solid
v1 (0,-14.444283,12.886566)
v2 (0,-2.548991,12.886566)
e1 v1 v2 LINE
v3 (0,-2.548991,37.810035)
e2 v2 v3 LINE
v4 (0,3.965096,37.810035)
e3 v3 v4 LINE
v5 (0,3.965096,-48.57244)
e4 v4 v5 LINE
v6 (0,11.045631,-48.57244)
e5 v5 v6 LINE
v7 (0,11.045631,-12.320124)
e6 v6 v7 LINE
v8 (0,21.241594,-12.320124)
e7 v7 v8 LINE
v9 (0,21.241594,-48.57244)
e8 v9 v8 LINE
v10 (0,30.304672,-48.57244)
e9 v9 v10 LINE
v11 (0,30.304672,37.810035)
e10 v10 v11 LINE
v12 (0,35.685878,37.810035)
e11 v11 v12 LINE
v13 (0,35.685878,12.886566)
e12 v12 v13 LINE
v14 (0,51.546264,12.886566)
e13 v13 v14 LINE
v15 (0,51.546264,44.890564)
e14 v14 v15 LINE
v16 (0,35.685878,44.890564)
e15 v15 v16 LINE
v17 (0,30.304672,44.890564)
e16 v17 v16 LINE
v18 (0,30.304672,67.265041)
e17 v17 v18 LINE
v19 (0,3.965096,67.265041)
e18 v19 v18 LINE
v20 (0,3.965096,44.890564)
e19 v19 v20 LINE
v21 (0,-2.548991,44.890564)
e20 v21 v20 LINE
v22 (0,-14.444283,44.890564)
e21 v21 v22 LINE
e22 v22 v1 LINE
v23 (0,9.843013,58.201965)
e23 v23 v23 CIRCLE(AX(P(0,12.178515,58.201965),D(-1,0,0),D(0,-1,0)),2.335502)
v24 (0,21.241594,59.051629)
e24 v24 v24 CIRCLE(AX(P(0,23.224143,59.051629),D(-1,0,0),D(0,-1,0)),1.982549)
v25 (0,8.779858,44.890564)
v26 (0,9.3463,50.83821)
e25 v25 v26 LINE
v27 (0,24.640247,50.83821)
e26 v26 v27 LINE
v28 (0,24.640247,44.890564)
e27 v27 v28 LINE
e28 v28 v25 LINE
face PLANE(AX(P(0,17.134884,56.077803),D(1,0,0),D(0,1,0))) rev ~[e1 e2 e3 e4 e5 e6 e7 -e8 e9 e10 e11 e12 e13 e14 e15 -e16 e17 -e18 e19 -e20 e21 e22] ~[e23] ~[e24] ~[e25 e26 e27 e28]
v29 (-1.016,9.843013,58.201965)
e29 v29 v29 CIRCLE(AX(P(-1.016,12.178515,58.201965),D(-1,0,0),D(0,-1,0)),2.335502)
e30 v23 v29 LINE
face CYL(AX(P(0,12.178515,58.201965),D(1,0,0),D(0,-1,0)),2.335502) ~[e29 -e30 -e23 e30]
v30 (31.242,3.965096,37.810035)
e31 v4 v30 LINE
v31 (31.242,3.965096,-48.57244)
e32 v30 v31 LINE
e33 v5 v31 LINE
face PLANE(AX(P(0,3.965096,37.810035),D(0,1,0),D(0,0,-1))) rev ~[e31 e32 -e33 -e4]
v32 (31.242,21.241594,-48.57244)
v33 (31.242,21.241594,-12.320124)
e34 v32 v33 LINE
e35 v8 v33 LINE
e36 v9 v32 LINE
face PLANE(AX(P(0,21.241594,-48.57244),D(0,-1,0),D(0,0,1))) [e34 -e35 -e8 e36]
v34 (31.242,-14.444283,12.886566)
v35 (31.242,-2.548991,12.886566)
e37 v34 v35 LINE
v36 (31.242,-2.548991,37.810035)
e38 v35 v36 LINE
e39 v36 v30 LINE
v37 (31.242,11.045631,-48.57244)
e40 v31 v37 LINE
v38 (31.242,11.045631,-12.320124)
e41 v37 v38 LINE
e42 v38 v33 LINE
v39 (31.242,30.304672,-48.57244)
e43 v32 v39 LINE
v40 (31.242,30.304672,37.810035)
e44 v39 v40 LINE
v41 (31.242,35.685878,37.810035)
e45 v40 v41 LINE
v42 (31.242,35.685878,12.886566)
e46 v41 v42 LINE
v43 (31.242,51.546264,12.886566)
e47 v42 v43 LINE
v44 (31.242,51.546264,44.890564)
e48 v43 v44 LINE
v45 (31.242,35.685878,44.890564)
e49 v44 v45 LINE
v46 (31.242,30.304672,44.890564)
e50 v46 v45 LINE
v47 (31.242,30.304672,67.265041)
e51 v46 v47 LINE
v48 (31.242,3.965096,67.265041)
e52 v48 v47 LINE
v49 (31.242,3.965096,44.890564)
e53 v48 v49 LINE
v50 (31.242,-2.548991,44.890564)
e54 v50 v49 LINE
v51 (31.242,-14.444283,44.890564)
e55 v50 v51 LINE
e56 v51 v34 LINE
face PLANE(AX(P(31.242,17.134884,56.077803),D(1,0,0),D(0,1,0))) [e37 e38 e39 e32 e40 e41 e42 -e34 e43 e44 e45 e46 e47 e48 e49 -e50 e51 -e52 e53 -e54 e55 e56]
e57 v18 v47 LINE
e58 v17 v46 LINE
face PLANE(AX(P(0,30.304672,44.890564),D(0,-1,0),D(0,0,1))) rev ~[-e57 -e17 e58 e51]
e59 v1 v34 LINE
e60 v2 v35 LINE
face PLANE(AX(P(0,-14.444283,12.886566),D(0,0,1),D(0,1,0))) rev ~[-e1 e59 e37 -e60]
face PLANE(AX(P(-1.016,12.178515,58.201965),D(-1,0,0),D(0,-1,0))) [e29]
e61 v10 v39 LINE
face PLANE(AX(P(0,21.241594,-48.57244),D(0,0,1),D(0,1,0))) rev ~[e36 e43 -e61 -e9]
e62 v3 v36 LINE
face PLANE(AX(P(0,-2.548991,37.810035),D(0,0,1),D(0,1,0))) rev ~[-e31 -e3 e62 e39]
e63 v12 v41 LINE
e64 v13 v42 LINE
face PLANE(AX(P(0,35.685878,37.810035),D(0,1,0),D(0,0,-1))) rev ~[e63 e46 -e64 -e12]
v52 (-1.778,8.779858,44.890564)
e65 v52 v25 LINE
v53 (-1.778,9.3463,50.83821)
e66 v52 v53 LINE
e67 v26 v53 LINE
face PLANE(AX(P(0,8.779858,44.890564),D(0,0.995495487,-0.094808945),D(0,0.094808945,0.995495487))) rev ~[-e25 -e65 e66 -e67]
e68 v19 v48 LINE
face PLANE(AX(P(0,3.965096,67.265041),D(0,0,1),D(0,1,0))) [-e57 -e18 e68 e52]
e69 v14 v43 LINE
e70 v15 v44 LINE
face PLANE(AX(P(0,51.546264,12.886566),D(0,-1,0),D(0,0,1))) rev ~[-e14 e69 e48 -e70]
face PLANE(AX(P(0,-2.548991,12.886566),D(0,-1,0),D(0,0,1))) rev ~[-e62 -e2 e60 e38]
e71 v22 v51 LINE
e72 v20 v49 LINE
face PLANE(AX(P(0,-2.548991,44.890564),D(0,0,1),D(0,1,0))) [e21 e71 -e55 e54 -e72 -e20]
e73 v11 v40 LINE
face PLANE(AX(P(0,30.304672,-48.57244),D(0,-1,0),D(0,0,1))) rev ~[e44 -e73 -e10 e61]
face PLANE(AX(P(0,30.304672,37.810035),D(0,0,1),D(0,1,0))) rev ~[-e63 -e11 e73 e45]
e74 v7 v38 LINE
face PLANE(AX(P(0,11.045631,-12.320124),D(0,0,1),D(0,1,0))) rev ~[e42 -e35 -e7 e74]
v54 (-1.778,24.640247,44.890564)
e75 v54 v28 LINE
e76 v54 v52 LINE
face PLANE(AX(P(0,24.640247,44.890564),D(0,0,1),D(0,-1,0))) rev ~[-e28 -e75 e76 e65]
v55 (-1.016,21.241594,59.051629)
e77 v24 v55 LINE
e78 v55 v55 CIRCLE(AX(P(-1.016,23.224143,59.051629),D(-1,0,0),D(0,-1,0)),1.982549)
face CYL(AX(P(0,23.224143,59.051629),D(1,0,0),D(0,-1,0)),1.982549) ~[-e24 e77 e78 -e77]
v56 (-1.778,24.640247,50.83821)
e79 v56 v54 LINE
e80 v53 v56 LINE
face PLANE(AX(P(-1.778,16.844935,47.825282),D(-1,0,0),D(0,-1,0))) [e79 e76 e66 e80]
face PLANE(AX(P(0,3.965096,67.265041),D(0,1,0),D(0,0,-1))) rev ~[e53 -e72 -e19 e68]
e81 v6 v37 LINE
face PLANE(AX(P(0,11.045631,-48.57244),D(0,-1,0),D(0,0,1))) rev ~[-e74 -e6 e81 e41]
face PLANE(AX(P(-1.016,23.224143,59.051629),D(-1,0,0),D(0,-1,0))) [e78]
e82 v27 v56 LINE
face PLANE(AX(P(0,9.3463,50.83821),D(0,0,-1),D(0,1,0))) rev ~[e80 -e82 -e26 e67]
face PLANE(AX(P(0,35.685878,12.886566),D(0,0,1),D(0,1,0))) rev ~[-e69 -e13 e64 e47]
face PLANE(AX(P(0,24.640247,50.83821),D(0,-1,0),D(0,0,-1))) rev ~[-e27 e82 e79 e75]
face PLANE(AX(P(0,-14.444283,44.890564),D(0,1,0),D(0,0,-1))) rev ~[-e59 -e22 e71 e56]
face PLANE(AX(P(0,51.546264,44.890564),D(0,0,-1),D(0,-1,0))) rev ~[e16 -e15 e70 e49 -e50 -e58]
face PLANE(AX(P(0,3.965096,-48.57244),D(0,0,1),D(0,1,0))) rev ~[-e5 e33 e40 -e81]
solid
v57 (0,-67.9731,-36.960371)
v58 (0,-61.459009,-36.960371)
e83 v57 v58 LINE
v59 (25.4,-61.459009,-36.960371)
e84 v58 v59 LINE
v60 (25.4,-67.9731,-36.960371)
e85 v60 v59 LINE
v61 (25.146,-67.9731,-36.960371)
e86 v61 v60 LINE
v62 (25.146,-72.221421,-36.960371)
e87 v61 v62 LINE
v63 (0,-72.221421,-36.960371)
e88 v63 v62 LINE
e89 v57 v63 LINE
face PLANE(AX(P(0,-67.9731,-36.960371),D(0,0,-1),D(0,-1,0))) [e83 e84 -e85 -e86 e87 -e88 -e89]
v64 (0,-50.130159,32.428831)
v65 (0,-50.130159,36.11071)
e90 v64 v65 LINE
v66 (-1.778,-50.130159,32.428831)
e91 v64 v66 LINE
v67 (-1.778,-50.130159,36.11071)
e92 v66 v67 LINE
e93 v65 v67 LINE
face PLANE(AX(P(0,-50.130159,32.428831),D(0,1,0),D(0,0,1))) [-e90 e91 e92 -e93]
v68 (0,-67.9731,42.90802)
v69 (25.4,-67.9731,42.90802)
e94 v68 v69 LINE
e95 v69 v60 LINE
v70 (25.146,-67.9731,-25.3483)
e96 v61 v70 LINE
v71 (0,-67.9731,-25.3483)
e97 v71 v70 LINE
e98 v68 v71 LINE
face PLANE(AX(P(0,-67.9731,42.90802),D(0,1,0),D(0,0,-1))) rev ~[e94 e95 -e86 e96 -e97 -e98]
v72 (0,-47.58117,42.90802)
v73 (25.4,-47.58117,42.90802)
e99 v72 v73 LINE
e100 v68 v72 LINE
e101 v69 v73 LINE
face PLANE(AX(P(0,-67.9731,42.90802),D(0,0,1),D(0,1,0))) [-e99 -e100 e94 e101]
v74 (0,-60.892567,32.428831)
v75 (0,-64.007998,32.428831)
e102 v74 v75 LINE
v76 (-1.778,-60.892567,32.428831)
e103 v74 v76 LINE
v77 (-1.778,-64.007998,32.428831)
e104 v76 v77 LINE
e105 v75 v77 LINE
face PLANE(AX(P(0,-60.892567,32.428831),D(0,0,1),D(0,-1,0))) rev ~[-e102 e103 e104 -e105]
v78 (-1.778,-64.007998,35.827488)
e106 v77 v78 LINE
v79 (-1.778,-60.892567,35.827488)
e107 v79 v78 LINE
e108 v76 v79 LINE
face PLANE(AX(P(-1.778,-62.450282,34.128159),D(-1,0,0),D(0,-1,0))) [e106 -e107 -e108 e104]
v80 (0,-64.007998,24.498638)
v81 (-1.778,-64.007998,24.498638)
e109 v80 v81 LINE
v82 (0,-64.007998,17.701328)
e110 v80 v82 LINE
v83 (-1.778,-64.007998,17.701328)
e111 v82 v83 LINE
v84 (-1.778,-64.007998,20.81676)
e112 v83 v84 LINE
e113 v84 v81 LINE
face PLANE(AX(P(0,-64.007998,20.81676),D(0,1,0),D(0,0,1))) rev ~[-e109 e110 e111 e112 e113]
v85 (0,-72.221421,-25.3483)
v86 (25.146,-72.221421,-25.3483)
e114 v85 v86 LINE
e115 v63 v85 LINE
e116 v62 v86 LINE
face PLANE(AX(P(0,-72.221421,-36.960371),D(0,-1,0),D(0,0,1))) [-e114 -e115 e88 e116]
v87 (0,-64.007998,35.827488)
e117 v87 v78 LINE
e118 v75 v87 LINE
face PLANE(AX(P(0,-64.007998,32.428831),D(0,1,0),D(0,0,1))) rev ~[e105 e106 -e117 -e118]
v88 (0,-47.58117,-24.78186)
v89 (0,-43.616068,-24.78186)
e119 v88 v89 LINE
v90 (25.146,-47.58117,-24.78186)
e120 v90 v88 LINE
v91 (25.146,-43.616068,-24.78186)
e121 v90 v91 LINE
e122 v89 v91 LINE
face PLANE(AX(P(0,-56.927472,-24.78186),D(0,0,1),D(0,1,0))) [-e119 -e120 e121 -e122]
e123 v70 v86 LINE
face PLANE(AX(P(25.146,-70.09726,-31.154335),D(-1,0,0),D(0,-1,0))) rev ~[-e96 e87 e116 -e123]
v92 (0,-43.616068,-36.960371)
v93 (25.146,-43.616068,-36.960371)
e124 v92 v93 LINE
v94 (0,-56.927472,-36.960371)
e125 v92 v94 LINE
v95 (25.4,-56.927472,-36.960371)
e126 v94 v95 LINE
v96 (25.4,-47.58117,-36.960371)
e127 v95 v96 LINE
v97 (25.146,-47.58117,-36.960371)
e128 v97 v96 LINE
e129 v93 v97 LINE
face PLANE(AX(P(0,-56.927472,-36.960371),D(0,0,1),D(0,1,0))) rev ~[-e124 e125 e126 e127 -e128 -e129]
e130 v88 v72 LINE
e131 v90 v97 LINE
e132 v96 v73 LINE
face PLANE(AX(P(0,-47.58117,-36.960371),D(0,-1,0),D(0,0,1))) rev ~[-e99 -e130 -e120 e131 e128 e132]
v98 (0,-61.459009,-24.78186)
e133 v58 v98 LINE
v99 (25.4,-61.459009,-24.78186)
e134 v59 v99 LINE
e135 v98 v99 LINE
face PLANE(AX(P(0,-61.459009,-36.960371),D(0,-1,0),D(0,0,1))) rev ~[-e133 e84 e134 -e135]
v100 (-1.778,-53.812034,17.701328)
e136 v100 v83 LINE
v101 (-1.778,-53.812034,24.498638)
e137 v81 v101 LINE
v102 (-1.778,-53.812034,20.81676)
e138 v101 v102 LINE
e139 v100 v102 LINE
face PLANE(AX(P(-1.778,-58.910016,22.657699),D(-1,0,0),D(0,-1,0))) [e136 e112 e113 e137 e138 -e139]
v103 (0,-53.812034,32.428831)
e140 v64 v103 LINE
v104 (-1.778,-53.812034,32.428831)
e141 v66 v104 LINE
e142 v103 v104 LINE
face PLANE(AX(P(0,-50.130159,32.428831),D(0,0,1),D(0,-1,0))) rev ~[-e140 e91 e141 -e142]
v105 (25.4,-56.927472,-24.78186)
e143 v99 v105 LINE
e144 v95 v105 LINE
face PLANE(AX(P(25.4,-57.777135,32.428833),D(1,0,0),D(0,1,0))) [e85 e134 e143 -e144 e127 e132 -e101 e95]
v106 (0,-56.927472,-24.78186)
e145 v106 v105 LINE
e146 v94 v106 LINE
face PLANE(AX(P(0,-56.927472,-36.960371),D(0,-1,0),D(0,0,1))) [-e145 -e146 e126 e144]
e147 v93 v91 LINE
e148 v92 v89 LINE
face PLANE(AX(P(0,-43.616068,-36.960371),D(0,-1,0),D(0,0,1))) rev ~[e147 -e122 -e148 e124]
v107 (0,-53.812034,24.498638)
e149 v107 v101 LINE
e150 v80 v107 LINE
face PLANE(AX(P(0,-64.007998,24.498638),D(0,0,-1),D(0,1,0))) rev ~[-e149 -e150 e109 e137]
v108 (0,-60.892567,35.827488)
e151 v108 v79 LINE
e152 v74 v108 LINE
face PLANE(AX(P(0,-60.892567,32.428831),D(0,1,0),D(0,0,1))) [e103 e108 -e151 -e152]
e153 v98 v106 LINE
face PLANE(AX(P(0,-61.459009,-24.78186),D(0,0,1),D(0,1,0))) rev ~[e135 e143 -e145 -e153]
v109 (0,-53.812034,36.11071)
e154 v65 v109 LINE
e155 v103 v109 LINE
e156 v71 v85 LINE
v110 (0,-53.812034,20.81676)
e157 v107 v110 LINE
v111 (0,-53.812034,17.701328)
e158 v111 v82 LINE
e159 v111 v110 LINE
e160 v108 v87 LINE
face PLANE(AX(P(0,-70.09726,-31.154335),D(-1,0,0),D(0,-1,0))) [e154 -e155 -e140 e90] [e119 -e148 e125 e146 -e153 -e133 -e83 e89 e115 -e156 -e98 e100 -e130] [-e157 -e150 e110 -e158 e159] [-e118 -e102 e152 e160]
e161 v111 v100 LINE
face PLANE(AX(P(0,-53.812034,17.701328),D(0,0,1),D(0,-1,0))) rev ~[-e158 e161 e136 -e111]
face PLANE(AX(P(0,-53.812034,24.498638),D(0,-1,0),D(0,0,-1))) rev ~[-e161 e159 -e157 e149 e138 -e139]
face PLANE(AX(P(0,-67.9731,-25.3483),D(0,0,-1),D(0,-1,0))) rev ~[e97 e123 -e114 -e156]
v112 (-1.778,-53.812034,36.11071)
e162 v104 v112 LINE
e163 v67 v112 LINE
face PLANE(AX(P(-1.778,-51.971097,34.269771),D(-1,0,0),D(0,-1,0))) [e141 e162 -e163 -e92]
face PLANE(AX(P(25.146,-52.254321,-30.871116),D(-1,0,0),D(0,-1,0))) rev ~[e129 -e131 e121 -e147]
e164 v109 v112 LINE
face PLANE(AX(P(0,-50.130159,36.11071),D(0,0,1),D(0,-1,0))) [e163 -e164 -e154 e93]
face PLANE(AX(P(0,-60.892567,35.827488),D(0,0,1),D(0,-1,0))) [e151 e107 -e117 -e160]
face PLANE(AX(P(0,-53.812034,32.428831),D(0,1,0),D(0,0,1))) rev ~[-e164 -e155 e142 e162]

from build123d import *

# Parameters (mm, degrees)
F0_W      = 26.339576114
F0_H      = 22.3744772375
F0_W_2    = 5.3812060505
F0_H_2    = 7.0805288851
F0_W_3    = 6.5140875522
F0_W_4    = 9.0630780905
F0_H_3    = 36.2523160875
F0_W_5    = 7.0805349387
F1_DEPTH  = 31.242
F3_DEPTH  = 1.778
F2_R      = 1.9825492054
F2_R_2    = 2.3355022463
F4_DEPTH  = 1.016
F5_W      = 20.3919298947
F5_H      = 20.9583751857
F5_W_2    = 6.5140910447
F5_H_2    = 9.9127404392
F5_W_3    = 9.3463025987
F5_H_3    = 12.1785104275
F5_H_4    = 2.2657699883
F6_DEPTH  = 25.4
F7_W      = 4.2483210564
F7_H      = 11.6120707244
F7_W_2    = 9.3463025987
F7_H_2    = 12.1785104275
F7_W_3    = 3.9651021361
F8_DEPTH  = 25.146
F9_W      = 3.6818757653
F9_H      = 3.6818794906
F9_W_2    = 3.1154304743
F9_H_2    = 3.3986568451
F9_H_3    = 3.1154323369
F9_W_3    = 5.0979815423
F9_W_4    = 1.9825510681
F10_DEPTH = 1.778


with BuildPart() as f1:
    # F0 (on Right) → F1 (new body)
    with BuildSketch(Plane.YZ):
        with Locations((17.1348841395, 56.0778025538)):
            Rectangle(F0_W, F0_H)
        Polygon((30.3046721965, 37.8100350499), (30.3046721965, 44.890563935), (3.9650960825, 44.890563935), (3.9650960825, 37.8100350499), (3.9650960825, -12.3201236129), (11.0456310213, -12.3201236129), (21.241594106, -12.3201236129), (30.3046721965, -12.3201236129), align=None)
        with Locations((32.9952752218, 41.3502994925)):
            Rectangle(F0_W_2, F0_H_2)
        with Locations((0.7080523064, 41.3502994925)):
            Rectangle(F0_W_3, F0_H_2)
        Polygon((51.5462644398, 44.890563935), (35.685878247, 44.890563935), (35.685878247, 37.8100350499), (35.685878247, 12.88656611), (51.5462644398, 12.88656611), align=None)
        Polygon((-2.5489914697, 37.8100350499), (-2.5489914697, 44.890563935), (-14.4442832097, 44.890563935), (-14.4442832097, 12.88656611), (-2.5489914697, 12.88656611), align=None)
        with Locations((25.7731331512, -30.4462816566)):
            Rectangle(F0_W_4, F0_H_3)
        with Locations((7.5053635519, -30.4462816566)):
            Rectangle(F0_W_5, F0_H_3)
    extrude(amount=F1_DEPTH)

    # F2 (on face) → F3 (join)
    with BuildSketch(Plane(origin=(0, 0, 0), x_dir=(0, -1, 0), z_dir=(-1, 0, 0))):
        Polygon((-8.779858239, 44.890563935), (-9.3462998047, 50.8382096887), (-24.6402472258, 50.8382096887), (-24.6402472258, 44.890563935), align=None)
    extrude(amount=F3_DEPTH)

    # F2 (on face) → F4 (join)
    with BuildSketch(Plane(origin=(0, 0, 0), x_dir=(0, -1, 0), z_dir=(-1, 0, 0))):
        with Locations((-23.2241433114, 59.0516291559)):
            Circle(F2_R)
        with Locations((-12.1785150841, 58.2019649446)):
            Circle(F2_R_2)
        Polygon((-8.779858239, 44.890563935), (-9.3462998047, 50.8382096887), (-24.6402472258, 50.8382096887), (-24.6402472258, 44.890563935), align=None)
    extrude(amount=F4_DEPTH)


with BuildPart() as f6:
    # F5 (on Right) → F6 (new body)
    with BuildSketch(Plane.YZ):
        with Locations((-57.7771347016, 32.4288327247)):
            Rectangle(F5_W, F5_H)
        Polygon((-47.5811697543, 21.9496451318), (-67.973099649, 21.9496451318), (-67.973099649, -24.7818604112), (-61.4590086043, -24.7818604112), (-56.927472353, -24.7818604112), (-47.5811697543, -24.7818604112), align=None)
        with Locations((-64.7160541266, -29.7382306308)):
            Rectangle(F5_W_2, F5_H_2)
        with Locations((-52.2543210536, -30.8711156249)):
            Rectangle(F5_W_3, F5_H_3)
        with Locations((-64.7160541266, -35.8274858445)):
            Rectangle(F5_W_2, F5_H_4)
    extrude(amount=F6_DEPTH)

    # F7 (on face) → F8 (join)
    with BuildSketch(Plane(origin=(0, 0, 0), x_dir=(0, -1, 0), z_dir=(-1, 0, 0))):
        with Locations((70.0972601771, -31.1543354765)):
            Rectangle(F7_W, F7_H)
        with Locations((52.2543210536, -30.8711156249)):
            Rectangle(F7_W_2, F7_H_2)
        with Locations((45.5986186862, -30.8711156249)):
            Rectangle(F7_W_3, F7_H_2)
    extrude(amount=-F8_DEPTH)

    # F9 (on face) → F10 (join)
    with BuildSketch(Plane(origin=(0, 0, 0), x_dir=(0, -1, 0), z_dir=(-1, 0, 0))):
        with Locations((51.9710965455, 34.2697706074)):
            Rectangle(F9_W, F9_H)
        with Locations((62.4502822757, 34.1281592846)):
            Rectangle(F9_W_2, F9_H_2)
        Polygon((64.0079975128, 20.8167601377), (64.0079975128, 24.4986377656), (53.8120344281, 24.4986377656), (53.8120344281, 20.8167601377), (58.9100159705, 20.8167601377), (60.8925670385, 20.8167601377), align=None)
        with Locations((62.4502822757, 19.2590439692)):
            Rectangle(F9_W_2, F9_H_3)
        with Locations((56.3610251993, 19.2590439692)):
            Rectangle(F9_W_3, F9_H_3)
        with Locations((59.9012915045, 19.2590439692)):
            Rectangle(F9_W_4, F9_H_3)
    extrude(amount=F10_DEPTH)


solid = Compound([f1.part, f6.part])
